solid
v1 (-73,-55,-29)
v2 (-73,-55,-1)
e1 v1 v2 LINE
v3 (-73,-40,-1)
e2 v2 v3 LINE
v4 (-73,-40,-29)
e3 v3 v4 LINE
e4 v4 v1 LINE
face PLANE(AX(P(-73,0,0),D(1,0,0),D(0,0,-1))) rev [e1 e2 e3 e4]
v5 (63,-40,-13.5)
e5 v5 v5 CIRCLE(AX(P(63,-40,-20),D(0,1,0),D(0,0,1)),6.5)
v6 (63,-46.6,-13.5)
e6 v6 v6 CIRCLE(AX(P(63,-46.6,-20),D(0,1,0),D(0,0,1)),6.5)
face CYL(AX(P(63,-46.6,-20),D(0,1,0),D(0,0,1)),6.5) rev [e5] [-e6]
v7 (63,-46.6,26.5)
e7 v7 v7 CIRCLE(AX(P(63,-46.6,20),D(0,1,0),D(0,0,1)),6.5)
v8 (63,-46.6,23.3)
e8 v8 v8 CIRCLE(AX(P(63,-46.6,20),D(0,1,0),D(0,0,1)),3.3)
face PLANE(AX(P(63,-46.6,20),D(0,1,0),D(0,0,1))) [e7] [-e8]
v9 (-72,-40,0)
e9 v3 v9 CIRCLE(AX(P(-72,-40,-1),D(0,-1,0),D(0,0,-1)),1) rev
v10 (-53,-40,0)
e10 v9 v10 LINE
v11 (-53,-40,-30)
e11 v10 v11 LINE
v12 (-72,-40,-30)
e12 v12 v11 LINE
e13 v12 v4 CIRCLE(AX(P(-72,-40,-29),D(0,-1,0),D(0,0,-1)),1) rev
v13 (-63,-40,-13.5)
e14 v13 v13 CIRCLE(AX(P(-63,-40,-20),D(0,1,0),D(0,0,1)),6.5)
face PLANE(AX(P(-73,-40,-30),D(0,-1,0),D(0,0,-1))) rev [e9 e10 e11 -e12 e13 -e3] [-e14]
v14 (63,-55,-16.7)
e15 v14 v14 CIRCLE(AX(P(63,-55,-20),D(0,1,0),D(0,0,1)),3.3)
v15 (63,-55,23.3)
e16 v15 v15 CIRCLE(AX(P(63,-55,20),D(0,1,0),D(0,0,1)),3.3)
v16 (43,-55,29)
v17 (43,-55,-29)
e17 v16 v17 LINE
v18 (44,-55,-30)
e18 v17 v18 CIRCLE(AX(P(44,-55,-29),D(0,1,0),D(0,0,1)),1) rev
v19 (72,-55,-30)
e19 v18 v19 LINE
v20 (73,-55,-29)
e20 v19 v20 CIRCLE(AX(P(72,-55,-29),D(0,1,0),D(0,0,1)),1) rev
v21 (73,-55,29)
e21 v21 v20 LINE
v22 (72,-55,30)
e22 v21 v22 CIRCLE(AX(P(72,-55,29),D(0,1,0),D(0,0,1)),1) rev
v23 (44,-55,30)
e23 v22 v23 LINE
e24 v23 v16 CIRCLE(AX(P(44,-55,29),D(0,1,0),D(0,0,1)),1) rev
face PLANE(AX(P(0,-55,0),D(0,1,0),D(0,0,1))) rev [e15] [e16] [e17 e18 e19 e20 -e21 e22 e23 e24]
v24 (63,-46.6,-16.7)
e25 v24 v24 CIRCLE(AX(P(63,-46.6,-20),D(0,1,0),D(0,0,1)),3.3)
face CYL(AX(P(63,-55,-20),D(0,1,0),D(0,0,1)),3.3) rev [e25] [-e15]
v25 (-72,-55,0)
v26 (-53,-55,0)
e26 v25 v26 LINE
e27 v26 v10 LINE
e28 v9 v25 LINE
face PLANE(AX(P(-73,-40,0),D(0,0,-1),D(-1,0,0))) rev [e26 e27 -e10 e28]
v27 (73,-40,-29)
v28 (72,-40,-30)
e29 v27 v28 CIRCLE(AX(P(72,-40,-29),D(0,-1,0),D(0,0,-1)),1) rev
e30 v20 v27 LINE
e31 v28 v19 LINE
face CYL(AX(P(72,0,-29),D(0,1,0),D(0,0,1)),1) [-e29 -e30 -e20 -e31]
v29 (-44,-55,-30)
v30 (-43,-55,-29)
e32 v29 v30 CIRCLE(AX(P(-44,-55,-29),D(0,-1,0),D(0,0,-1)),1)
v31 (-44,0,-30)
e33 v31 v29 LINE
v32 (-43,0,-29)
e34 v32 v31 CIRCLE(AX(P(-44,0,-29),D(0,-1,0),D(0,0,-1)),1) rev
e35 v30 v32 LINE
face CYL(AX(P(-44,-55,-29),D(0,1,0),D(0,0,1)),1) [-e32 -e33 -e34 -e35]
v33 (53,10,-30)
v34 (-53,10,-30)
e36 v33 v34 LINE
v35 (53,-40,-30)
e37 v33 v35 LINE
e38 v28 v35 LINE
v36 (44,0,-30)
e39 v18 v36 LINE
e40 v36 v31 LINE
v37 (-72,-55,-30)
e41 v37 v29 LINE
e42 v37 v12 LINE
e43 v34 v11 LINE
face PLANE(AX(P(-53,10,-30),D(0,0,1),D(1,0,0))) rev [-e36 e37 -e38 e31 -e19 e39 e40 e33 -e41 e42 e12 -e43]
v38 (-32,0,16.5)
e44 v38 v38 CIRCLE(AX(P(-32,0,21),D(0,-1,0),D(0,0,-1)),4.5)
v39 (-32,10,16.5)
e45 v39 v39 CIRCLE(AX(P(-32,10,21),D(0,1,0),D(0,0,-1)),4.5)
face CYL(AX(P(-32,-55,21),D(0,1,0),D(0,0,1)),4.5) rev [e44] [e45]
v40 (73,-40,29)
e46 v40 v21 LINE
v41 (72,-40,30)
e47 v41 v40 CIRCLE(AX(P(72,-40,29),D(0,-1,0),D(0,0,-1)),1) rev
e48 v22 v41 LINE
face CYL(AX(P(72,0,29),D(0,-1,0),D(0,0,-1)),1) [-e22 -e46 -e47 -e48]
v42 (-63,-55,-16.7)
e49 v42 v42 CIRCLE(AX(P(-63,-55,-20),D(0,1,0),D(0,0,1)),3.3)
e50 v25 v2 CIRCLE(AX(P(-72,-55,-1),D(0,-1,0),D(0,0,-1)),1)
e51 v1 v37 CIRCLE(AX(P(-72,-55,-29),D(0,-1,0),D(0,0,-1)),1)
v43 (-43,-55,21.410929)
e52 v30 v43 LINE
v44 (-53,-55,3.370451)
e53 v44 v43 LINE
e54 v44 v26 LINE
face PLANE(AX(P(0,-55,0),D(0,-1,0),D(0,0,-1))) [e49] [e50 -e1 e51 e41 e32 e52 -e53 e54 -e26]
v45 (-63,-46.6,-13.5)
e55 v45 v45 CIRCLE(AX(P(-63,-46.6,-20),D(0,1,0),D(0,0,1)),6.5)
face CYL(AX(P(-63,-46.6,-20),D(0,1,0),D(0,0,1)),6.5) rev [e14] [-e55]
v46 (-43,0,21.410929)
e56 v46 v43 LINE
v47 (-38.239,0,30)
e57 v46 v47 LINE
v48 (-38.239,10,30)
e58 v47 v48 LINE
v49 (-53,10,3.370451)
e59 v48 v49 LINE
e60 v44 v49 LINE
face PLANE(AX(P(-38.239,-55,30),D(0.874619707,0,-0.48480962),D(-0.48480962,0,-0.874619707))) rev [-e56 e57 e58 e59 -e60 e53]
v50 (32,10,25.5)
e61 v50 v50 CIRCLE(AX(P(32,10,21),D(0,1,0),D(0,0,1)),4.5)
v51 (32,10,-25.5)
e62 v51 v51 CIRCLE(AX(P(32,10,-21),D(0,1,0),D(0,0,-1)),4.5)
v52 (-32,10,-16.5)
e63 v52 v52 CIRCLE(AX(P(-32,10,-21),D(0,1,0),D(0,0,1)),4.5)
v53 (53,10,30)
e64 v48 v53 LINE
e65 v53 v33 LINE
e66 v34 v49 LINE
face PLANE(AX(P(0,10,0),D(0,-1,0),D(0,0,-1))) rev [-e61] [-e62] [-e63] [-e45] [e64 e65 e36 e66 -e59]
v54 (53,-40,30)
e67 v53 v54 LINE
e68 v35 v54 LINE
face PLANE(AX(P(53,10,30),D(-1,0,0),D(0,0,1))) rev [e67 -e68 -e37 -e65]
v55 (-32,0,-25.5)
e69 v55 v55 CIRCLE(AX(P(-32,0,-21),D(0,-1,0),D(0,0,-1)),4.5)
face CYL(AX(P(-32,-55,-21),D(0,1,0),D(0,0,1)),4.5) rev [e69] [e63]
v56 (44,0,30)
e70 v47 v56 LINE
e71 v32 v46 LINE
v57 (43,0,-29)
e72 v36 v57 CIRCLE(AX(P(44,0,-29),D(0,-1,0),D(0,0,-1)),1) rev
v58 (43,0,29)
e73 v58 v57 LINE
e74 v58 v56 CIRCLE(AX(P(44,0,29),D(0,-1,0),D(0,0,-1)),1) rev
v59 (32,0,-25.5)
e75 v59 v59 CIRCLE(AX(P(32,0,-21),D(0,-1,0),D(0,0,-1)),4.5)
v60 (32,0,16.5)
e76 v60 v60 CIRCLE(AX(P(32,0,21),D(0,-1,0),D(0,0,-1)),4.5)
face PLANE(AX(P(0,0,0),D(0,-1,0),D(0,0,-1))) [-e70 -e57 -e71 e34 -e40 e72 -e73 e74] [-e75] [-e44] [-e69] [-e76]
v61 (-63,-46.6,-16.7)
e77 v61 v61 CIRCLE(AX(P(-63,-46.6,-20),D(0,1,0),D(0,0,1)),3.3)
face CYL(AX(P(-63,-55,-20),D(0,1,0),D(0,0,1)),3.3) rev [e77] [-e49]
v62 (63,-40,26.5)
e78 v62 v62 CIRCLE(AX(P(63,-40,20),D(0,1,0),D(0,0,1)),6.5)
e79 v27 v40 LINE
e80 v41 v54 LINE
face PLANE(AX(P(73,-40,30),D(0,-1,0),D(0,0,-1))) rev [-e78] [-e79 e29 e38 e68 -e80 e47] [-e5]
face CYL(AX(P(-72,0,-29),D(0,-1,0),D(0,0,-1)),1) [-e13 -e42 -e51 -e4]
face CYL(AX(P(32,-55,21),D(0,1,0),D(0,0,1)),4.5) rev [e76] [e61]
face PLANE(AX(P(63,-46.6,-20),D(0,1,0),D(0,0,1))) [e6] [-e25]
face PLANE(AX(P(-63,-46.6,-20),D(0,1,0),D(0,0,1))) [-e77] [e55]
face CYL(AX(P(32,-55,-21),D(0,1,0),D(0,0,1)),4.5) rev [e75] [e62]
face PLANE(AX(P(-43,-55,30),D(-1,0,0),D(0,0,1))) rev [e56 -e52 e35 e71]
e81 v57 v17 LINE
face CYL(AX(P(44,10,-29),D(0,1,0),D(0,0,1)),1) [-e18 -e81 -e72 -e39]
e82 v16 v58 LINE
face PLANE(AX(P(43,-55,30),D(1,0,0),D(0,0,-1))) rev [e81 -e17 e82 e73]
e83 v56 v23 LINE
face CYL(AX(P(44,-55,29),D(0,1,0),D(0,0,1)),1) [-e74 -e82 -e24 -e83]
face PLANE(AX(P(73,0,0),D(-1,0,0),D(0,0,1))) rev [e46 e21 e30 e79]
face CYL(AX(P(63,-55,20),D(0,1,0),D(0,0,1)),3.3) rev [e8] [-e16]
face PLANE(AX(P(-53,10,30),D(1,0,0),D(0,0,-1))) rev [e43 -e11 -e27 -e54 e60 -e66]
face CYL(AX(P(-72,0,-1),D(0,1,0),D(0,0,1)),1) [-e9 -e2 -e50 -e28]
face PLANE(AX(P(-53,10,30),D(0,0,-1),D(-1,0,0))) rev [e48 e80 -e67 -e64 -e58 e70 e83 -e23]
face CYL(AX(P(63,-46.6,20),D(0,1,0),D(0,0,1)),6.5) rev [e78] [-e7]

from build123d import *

# Parameters (mm, degrees)
SKETCH1_W           = 106
SKETCH1_H           = 60
BOSS_EXTRUDE1_DEPTH = 10
SKETCH2_W           = 10
SKETCH2_H           = 60
BOSS_EXTRUDE2_DEPTH = 55
SKETCH3_W           = 60
SKETCH3_H           = 15
BOSS_EXTRUDE3_DEPTH = 20
SKETCH4_W           = 30
SKETCH4_H           = 15
BOSS_EXTRUDE4_DEPTH = 20
SKETCH5_R           = 4.5
CUT_EXTRUDE1_DEPTH  = 66
SKETCH6_R           = 6.5
CUT_EXTRUDE2_DEPTH  = 6.6
SKETCH7_R           = 3.3
CUT_EXTRUDE3_DEPTH  = 9.4
CUT_EXTRUDE4_DEPTH  = 66
FILLET1_R           = 1


with BuildPart() as part:
    # Sketch1 → Boss-Extrude1 (new body)
    with BuildSketch(Plane(origin=(0, 0, 0), x_dir=(1, 0, 0), z_dir=(0, 1, 0))):
        Rectangle(SKETCH1_W, SKETCH1_H)
    extrude(amount=BOSS_EXTRUDE1_DEPTH)

    # Sketch2 → Boss-Extrude2 (add)
    with BuildSketch(Plane.XZ):
        with Locations((-48, 0)):
            Rectangle(SKETCH2_W, SKETCH2_H)
        with Locations((48, 0)):
            Rectangle(SKETCH2_W, SKETCH2_H)
    extrude(amount=BOSS_EXTRUDE2_DEPTH)

    # Sketch3 → Boss-Extrude3 (add)
    with BuildSketch(Plane(origin=(53, 0, 0), x_dir=(0, 0, -1), z_dir=(1, 0, 0))):
        with Locations((0, -47.5)):
            Rectangle(SKETCH3_W, SKETCH3_H)
    extrude(amount=BOSS_EXTRUDE3_DEPTH)

    # Sketch4 → Boss-Extrude4 (add)
    with BuildSketch(Plane.ZY.offset(53)):
        with Locations((-15, -47.5)):
            Rectangle(SKETCH4_W, SKETCH4_H)
    extrude(amount=BOSS_EXTRUDE4_DEPTH)

    # Sketch5 → Cut-Extrude1 (cut, through all)
    with BuildSketch(Plane(origin=(0, 10, 0), x_dir=(1, 0, 0), z_dir=(0, 1, 0))):
        with Locations((-32, 21)):
            Circle(SKETCH5_R)
        with Locations((32, 21)):
            Circle(SKETCH5_R)
        with Locations((32, -21)):
            Circle(SKETCH5_R)
        with Locations((-32, -21)):
            Circle(SKETCH5_R)
    extrude(amount=-CUT_EXTRUDE1_DEPTH, mode=Mode.SUBTRACT)

    # Sketch6 → Cut-Extrude2 (cut)
    with BuildSketch(Plane(origin=(0, -40, 0), x_dir=(1, 0, 0), z_dir=(0, 1, 0))):
        with Locations((63, 20)):
            Circle(SKETCH6_R)
        with Locations((63, -20)):
            Circle(SKETCH6_R)
        with Locations((-63, 20)):
            Circle(SKETCH6_R)
    extrude(amount=-CUT_EXTRUDE2_DEPTH, mode=Mode.SUBTRACT)

    # Sketch7 → Cut-Extrude3 (cut, through all)
    with BuildSketch(Plane(origin=(0, -46.6, 0), x_dir=(1, 0, 0), z_dir=(0, 1, 0))):
        with Locations((-63, 20)):
            Circle(SKETCH7_R)
        with Locations((63, -20)):
            Circle(SKETCH7_R)
        with Locations((63, 20)):
            Circle(SKETCH7_R)
    extrude(amount=-CUT_EXTRUDE3_DEPTH, mode=Mode.SUBTRACT)

    # Sketch8 → Cut-Extrude4 (cut, through all)
    with BuildSketch(Plane(origin=(0, 10, 0), x_dir=(1, 0, 0), z_dir=(0, 1, 0))):
        Polygon((-38.239, -30), (-53, -3.370451084), (-53, -30), align=None)
    extrude(amount=-CUT_EXTRUDE4_DEPTH, mode=Mode.SUBTRACT)

    # Fillet1
    fillet1_edges = [part.edges().sort_by_distance(p)[0] for p in [
        (-43, -27.5, -30),
        (43, -27.5, 30),
        (43, -27.5, -30),
        (73, -47.5, 30),
        (73, -47.5, -30),
        (-73, -47.5, -30),
        (-73, -47.5, 0),
    ]]
    fillet(fillet1_edges, radius=FILLET1_R)


solid = part.part
